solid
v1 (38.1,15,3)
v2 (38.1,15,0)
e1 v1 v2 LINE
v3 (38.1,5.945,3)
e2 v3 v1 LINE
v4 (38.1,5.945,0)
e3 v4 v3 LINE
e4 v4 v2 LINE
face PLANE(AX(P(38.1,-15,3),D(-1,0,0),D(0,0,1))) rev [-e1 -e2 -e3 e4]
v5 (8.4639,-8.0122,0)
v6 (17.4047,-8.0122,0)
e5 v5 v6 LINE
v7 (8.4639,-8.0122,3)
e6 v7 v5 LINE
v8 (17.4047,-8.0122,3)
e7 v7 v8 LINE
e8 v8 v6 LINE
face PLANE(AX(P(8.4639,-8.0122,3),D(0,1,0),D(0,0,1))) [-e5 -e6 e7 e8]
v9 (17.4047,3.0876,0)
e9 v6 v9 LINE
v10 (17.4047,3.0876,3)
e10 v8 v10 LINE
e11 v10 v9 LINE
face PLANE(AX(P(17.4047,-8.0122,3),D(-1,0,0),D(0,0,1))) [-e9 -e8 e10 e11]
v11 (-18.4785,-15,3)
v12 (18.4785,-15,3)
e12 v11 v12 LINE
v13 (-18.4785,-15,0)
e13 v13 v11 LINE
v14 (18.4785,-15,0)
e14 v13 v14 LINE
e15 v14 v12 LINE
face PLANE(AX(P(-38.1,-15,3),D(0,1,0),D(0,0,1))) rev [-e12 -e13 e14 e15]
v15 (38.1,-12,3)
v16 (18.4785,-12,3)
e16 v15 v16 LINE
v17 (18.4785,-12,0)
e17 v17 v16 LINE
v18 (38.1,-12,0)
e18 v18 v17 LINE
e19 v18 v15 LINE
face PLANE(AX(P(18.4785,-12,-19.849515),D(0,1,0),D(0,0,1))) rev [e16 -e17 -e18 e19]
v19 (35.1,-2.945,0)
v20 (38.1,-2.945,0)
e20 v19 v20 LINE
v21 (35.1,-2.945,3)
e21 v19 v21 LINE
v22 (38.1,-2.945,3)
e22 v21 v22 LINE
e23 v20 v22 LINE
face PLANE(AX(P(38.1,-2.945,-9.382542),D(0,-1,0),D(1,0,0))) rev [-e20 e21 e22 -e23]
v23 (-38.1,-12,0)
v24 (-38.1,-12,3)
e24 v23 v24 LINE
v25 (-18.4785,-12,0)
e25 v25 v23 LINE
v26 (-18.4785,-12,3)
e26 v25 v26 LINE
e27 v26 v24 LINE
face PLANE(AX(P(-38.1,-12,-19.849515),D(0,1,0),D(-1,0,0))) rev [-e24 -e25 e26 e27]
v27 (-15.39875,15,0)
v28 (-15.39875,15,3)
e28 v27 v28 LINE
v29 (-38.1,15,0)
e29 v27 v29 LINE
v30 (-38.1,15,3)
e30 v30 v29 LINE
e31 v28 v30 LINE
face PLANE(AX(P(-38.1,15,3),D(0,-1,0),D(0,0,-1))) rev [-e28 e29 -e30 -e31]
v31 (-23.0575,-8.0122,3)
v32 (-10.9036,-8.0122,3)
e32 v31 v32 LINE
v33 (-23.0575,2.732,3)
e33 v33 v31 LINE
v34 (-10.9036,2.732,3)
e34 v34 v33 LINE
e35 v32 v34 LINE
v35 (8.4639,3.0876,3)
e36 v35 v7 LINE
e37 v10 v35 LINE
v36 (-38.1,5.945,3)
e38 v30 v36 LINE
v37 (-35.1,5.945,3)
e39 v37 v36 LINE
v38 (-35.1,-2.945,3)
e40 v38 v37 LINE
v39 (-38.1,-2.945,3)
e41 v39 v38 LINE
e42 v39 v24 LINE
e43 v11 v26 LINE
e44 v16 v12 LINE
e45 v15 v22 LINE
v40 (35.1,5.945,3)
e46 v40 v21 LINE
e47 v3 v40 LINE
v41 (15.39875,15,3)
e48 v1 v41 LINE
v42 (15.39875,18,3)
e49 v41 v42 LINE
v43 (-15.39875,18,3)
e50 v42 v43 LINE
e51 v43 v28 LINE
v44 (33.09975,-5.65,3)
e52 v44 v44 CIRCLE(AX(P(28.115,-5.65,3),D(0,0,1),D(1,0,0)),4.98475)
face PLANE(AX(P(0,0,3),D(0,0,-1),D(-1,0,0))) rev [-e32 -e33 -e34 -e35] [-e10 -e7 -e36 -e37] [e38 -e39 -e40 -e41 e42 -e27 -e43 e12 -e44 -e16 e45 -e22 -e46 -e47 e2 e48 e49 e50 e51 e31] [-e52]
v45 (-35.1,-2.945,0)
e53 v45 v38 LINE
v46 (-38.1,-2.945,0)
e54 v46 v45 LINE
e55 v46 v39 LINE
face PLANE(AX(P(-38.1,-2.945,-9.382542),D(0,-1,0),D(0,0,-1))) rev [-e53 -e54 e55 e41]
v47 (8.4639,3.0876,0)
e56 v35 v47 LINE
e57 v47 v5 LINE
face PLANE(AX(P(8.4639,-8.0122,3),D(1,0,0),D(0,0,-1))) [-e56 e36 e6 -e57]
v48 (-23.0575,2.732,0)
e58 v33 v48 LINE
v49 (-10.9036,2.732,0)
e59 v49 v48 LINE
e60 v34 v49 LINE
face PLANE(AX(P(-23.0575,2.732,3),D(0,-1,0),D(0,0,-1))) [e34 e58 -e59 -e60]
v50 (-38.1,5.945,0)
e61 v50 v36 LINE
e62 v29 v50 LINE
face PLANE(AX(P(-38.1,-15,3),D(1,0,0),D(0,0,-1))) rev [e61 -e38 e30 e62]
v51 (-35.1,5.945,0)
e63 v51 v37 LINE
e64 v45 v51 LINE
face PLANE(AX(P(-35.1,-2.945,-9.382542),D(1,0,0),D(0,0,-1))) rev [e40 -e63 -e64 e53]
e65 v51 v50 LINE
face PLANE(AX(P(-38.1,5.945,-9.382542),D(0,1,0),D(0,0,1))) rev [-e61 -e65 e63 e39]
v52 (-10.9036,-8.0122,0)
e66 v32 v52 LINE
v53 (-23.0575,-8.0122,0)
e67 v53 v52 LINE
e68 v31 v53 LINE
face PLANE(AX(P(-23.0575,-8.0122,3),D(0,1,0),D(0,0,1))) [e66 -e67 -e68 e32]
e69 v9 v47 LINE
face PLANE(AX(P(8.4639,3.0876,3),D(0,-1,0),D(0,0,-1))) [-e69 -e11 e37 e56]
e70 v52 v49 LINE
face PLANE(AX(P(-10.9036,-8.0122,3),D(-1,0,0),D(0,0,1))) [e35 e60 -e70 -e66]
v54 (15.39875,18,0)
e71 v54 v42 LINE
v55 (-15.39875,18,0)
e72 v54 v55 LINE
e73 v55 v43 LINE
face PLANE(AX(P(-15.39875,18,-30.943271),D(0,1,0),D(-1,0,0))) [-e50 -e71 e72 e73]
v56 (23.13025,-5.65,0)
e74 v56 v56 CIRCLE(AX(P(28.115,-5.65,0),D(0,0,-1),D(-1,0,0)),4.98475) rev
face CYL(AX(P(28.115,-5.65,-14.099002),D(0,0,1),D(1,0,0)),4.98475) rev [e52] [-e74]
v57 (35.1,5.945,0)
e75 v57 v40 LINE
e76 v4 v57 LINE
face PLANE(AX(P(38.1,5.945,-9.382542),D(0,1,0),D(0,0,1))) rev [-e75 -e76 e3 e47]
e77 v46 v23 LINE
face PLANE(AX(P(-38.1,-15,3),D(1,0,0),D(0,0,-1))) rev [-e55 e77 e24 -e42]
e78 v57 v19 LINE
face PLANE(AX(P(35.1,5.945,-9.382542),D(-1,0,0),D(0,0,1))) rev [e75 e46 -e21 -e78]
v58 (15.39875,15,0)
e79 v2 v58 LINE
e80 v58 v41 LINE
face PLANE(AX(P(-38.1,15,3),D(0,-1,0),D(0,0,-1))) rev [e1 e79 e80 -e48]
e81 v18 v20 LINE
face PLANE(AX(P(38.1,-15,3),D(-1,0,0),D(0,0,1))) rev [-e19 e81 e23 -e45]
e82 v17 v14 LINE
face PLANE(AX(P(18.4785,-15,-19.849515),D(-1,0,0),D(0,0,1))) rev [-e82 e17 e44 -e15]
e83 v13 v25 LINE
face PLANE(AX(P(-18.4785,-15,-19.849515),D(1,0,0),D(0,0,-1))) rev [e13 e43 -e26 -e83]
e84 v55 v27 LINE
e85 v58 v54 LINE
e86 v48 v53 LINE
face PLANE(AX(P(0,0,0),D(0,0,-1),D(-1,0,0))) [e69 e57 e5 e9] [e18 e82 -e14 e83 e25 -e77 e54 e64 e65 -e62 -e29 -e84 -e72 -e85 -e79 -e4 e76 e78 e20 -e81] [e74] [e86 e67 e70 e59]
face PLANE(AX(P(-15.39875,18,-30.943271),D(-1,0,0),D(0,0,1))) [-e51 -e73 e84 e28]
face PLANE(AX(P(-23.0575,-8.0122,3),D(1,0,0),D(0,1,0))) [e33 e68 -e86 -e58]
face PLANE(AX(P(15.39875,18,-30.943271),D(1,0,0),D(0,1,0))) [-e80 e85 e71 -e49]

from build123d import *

# Parameters (mm, degrees)
SKETCH_1_W          = 76.2
SKETCH_1_H          = 30
SKETCH_1_W_2        = 8.9408
SKETCH_1_H_2        = 11.0998
SKETCH_1_W_3        = 12.1539
SKETCH_1_H_3        = 10.7442
EXTRUDE_1_DEPTH     = 3
SKETCH_2_W          = 19.6215
SKETCH_2_H          = 3
CUT_EXTRUDE_1_DEPTH = 3
SKETCH_3_W          = 3
SKETCH_3_H          = 8.89
CUT_EXTRUDE_2_DEPTH = 3
SKETCH_4_W          = 30.7975
SKETCH_4_H          = 3
EXTRUDE_2_DEPTH     = 3
SKETCH_5_R          = 4.98475
CUT_EXTRUDE_3_DEPTH = 3


with BuildPart() as part:
    # 스케치1 → 보스-돌출1 (new body)
    with BuildSketch(Plane.XY):
        Rectangle(SKETCH_1_W, SKETCH_1_H)
        with Locations((12.9343, -2.4623)):
            Rectangle(SKETCH_1_W_2, SKETCH_1_H_2, mode=Mode.SUBTRACT)
        with Locations((-16.98055, -2.6401)):
            Rectangle(SKETCH_1_W_3, SKETCH_1_H_3, mode=Mode.SUBTRACT)
    extrude(amount=EXTRUDE_1_DEPTH)

    # 스케치2 → 컷-돌출1 (cut)
    with BuildSketch(Plane.XY.offset(3)):
        with Locations((-28.28925, -13.5)):
            Rectangle(SKETCH_2_W, SKETCH_2_H)
        with Locations((28.28925, -13.5)):
            Rectangle(SKETCH_2_W, SKETCH_2_H)
    extrude(amount=-CUT_EXTRUDE_1_DEPTH, mode=Mode.SUBTRACT)

    # 스케치3 → 컷-돌출2 (cut)
    with BuildSketch(Plane.XY.offset(3)):
        with Locations((-36.6, 1.5)):
            Rectangle(SKETCH_3_W, SKETCH_3_H)
        with Locations((36.6, 1.5)):
            Rectangle(SKETCH_3_W, SKETCH_3_H)
    extrude(amount=-CUT_EXTRUDE_2_DEPTH, mode=Mode.SUBTRACT)

    # 스케치4 → 보스-돌출2 (add)
    with BuildSketch(Plane.XY.offset(3)):
        with Locations((0, 16.5)):
            Rectangle(SKETCH_4_W, SKETCH_4_H)
    extrude(amount=-EXTRUDE_2_DEPTH)

    # 스케치5 → 컷-돌출3 (cut)
    with BuildSketch(Plane.XY.offset(3)):
        with Locations((28.115, -5.65)):
            Circle(SKETCH_5_R)
    extrude(amount=-CUT_EXTRUDE_3_DEPTH, mode=Mode.SUBTRACT)


solid = part.part
